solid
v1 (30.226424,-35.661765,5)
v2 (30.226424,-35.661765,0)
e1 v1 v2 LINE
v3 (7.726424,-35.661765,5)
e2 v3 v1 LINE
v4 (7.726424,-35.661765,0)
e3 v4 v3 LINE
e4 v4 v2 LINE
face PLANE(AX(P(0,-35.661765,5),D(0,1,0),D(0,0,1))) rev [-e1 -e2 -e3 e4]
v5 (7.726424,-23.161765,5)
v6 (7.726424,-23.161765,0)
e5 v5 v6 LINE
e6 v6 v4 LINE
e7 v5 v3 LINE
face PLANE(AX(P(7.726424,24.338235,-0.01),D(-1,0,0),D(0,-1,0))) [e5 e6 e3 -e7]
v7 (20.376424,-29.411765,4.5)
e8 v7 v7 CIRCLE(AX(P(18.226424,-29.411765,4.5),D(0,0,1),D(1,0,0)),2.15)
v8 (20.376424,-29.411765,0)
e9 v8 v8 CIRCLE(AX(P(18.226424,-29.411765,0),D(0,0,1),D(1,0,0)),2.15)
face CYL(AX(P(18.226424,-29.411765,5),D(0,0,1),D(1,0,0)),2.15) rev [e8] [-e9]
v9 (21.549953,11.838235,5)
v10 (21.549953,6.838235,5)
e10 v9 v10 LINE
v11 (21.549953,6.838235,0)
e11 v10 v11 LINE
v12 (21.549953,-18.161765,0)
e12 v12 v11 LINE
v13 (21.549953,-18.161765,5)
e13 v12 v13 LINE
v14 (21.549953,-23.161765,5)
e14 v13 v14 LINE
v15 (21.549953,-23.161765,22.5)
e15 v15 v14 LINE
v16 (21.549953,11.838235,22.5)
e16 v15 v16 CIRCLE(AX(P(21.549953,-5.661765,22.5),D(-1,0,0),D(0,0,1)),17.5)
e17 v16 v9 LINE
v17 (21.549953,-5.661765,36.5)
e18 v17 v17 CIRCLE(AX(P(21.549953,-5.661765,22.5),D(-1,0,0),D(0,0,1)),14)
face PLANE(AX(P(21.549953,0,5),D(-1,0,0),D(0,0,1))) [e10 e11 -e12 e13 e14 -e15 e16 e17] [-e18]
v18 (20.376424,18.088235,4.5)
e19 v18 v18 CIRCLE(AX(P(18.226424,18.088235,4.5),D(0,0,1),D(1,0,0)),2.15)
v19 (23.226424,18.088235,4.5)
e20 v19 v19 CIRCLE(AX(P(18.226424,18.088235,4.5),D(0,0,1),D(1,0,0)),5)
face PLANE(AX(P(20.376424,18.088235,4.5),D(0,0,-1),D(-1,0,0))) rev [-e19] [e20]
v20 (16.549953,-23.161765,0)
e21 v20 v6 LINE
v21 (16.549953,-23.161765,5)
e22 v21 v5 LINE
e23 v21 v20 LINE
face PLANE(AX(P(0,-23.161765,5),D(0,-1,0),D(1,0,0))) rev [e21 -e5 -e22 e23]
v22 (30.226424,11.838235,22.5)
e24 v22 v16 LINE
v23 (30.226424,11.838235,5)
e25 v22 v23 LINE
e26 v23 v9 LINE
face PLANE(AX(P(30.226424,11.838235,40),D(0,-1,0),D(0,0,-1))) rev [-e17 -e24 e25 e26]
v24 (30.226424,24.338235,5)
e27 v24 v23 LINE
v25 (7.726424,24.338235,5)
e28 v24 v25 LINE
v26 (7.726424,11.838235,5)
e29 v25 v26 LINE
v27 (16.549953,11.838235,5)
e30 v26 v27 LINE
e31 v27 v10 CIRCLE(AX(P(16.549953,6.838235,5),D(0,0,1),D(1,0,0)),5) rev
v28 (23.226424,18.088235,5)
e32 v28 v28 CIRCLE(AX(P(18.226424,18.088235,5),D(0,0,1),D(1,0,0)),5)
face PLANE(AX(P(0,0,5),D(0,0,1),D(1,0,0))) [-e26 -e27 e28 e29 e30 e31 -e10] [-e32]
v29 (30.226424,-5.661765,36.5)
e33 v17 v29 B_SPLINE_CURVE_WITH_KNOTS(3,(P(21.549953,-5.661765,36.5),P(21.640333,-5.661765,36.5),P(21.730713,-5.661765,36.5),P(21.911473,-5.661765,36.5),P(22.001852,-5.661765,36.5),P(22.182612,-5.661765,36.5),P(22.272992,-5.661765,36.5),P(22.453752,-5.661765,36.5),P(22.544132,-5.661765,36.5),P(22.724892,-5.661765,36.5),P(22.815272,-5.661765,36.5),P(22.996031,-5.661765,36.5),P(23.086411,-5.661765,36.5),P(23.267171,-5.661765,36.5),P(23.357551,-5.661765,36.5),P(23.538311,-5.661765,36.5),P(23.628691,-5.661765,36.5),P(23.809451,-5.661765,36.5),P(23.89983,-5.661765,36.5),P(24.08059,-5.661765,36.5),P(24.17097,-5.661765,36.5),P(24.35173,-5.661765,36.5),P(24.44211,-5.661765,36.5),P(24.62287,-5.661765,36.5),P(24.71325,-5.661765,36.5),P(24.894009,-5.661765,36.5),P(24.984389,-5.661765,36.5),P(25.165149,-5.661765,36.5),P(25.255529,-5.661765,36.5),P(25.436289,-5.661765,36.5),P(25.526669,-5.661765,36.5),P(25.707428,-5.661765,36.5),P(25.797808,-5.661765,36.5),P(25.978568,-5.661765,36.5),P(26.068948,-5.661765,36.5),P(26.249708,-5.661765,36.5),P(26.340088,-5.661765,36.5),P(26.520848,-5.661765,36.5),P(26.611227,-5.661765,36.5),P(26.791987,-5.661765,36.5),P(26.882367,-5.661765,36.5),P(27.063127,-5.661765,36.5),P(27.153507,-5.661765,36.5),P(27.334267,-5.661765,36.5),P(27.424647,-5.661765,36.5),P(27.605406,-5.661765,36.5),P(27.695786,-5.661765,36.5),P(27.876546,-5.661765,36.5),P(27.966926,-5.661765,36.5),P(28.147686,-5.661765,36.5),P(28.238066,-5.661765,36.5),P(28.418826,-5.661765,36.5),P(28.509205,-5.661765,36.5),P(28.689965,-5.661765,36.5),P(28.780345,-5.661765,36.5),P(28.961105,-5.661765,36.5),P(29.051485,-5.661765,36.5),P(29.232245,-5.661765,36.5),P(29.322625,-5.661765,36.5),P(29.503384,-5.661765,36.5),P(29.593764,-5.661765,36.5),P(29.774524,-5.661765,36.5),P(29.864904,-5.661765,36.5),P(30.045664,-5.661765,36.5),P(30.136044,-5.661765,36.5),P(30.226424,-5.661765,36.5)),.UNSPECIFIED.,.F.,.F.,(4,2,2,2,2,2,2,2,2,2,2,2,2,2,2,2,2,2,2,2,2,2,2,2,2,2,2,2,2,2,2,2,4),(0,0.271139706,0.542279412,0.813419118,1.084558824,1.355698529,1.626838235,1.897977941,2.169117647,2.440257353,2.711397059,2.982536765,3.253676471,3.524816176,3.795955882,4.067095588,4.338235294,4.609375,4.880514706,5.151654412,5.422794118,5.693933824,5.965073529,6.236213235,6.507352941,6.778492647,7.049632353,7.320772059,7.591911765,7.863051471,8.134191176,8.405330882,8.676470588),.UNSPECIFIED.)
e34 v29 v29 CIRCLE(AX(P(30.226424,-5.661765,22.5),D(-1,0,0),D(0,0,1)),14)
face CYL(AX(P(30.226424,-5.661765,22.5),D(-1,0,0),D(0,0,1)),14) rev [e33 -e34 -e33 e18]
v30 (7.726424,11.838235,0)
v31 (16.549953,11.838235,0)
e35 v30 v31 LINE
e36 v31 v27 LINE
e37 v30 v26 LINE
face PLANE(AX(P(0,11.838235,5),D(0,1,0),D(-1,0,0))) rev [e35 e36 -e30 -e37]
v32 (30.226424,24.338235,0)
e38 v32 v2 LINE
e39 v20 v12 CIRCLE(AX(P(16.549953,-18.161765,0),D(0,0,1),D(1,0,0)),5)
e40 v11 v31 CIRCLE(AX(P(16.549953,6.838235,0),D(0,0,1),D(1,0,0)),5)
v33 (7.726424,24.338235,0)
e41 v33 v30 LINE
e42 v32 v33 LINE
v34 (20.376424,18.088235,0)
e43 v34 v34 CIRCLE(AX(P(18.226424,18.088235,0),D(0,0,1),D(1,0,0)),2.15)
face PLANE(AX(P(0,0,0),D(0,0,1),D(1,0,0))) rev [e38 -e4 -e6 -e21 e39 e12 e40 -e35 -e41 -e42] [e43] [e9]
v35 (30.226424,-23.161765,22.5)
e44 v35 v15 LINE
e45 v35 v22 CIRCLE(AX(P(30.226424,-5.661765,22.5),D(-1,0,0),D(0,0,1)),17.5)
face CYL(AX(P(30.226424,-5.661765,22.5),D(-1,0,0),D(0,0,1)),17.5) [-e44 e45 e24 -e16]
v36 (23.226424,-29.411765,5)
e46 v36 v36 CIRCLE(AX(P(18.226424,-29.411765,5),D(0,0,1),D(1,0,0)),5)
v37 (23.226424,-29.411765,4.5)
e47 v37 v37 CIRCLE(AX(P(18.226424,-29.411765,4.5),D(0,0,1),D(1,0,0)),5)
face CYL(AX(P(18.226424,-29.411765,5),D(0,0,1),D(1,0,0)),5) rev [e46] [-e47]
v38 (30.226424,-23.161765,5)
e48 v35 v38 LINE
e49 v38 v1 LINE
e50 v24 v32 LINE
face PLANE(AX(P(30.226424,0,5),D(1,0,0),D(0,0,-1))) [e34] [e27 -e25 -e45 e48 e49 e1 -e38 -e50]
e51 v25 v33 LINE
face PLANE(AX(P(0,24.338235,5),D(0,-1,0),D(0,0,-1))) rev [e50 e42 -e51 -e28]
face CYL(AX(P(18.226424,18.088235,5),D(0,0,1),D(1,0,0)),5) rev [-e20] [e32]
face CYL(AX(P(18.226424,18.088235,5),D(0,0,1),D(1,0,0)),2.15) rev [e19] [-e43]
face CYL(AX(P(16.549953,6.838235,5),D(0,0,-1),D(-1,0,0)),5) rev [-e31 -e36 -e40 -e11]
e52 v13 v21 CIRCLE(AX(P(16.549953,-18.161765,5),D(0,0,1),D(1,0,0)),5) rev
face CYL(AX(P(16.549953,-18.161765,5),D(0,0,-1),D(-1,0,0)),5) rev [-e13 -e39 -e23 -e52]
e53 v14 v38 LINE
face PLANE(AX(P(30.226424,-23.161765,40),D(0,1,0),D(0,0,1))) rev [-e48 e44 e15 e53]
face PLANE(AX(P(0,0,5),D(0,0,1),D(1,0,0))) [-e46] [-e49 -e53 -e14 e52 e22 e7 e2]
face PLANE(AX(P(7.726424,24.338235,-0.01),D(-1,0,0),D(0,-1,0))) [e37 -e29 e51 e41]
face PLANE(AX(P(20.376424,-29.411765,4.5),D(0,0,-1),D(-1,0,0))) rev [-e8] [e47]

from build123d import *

# Parameters (mm, degrees)
EXTRUDE_2_DEPTH                = 5
SKETCH_4_W                     = 8.676470589
SKETCH_4_H                     = 35
SKETCH_4_W_2                   = 8.676470588
EXTRUDE_15_DEPTH               = 35
CUT_EXTRUDE_1_DEPTH            = 45
SKETCH_6_R                     = 14
CUT_EXTRUDE_2_DEPTH            = 45
FILLET_1_R                     = 5
SKETCH_7_R                     = 15
SKETCH_7_R_2                   = 13
EXTRUDE_16_DEPTH               = 1
SPLIT_BODIES_1_SURFACE_1_BACK  = 86
SPLIT_BODIES_1_SURFACE_1_DEPTH = 172
SPLIT_BODIES_1_SURFACE_2_BACK  = 86
SPLIT_BODIES_1_SURFACE_2_DEPTH = 172
HOLE_WIZARD_1_D                = 4.3
HOLE_WIZARD_1_DEPTH            = 5
HOLE_WIZARD_1_CBORE_D          = 10
HOLE_WIZARD_1_CBORE_DEPTH      = 0.5
HOLE_WIZARD_1_TIP              = 1.291850331


with BuildPart() as part:
    # 草图2 → 凸台-拉伸2 (new body)
    with BuildSketch(Plane.XY):
        Polygon((7.726423565, 24.338235294), (-14.773576435, 24.338235294), (-14.773576435, -35.661764706), (7.726423565, -35.661764706), (7.726423565, -23.161764706), (-6.097105846, -23.161764706), (-6.097105846, 11.838235294), (7.726423565, 11.838235294), align=None)
        Polygon((30.226423565, 24.338235294), (7.726423565, 24.338235294), (7.726423565, 11.838235294), (21.549952977, 11.838235294), (21.549952977, -23.161764706), (7.726423565, -23.161764706), (7.726423565, -35.661764706), (30.226423565, -35.661764706), align=None)
    extrude(amount=EXTRUDE_2_DEPTH)

    # 草图4 → 凸台-拉伸15 (add)
    with BuildSketch(Plane.XY.offset(5)):
        with Locations((-10.435341141, -5.661764706)):
            Rectangle(SKETCH_4_W, SKETCH_4_H)
        with Locations((25.888188271, -5.661764706)):
            Rectangle(SKETCH_4_W_2, SKETCH_4_H)
    extrude(amount=EXTRUDE_15_DEPTH)

    # 草图5 → 切除-拉伸1 (cut)
    with BuildSketch(Plane.ZY.offset(14.773576435)):
        with BuildLine():
            Line((40, -23.161764706), (40, -5.661764706))
            ThreePointArc((40, -5.661764706), (34.874368671, -18.036133377), (22.5, -23.161764706))
            Line((22.5, -23.161764706), (40, -23.161764706))
        make_face()
        with BuildLine():
            ThreePointArc((22.5, 11.838235294), (34.874368671, 6.712603965), (40, -5.661764706))
            Line((40, -5.661764706), (40, 11.838235294))
            Line((40, 11.838235294), (22.5, 11.838235294))
        make_face()
    extrude(amount=-CUT_EXTRUDE_1_DEPTH, mode=Mode.SUBTRACT)

    # 草图6 → 切除-拉伸2 (cut)
    with BuildSketch(Plane.ZY.offset(14.773576435)):
        with Locations((22.5, -5.661764706)):
            Circle(SKETCH_6_R)
    extrude(amount=-CUT_EXTRUDE_2_DEPTH, mode=Mode.SUBTRACT)

    # 圆角1
    fillet_1_edges = [part.edges().sort_by_distance(p)[0] for p in [
        (-6.097105846, 11.838235294, 2.5),
        (-6.097105846, -23.161764706, 2.5),
        (21.549952977, -23.161764706, 2.5),
        (21.549952977, 11.838235294, 2.5),
    ]]
    fillet(fillet_1_edges, radius=FILLET_1_R)

    # 草图7 → 凸台-拉伸16 (add)
    with BuildSketch(Plane(origin=(-6.097105846, 0, 0), x_dir=(0, 0, -1), z_dir=(1, 0, 0))):
        with Locations((-22.5, -5.661764706)):
            Circle(SKETCH_7_R)
        with Locations((-22.5, -5.661764706)):
            Circle(SKETCH_7_R_2, mode=Mode.SUBTRACT)
    extrude(amount=-EXTRUDE_16_DEPTH)


with BuildPart() as body_2:
    # Split Bodies 1: the piece behind the surface
    add(part.part)
    # Split Bodies 1 surface: a surface, the sketch's curves swept straight by 172 mm
    with BuildLine(Plane.XY.offset(5).offset(-SPLIT_BODIES_1_SURFACE_1_BACK), mode=Mode.PRIVATE) as split_bodies_1_surface_1_path:
        Line((7.726423565, 24.338235294), (7.726423565, -35.661764706))
    split_bodies_1_surface_1 = Shell.extrude(split_bodies_1_surface_1_path.wire(), (0 * SPLIT_BODIES_1_SURFACE_1_DEPTH, 0 * SPLIT_BODIES_1_SURFACE_1_DEPTH, 1 * SPLIT_BODIES_1_SURFACE_1_DEPTH))
    split(bisect_by=split_bodies_1_surface_1, keep=Keep.BOTTOM)


with BuildPart() as part_1:
    add(part.part)

    # Split Bodies 1: split by a surface, the side it looks to stays
    # Split Bodies 1 surface: a surface, the sketch's curves swept straight by 172 mm
    with BuildLine(Plane.XY.offset(5).offset(-SPLIT_BODIES_1_SURFACE_2_BACK), mode=Mode.PRIVATE) as split_bodies_1_surface_2_path:
        Line((7.726423565, 24.338235294), (7.726423565, -35.661764706))
    split_bodies_1_surface_2 = Shell.extrude(split_bodies_1_surface_2_path.wire(), (0 * SPLIT_BODIES_1_SURFACE_2_DEPTH, 0 * SPLIT_BODIES_1_SURFACE_2_DEPTH, 1 * SPLIT_BODIES_1_SURFACE_2_DEPTH))
    split(bisect_by=split_bodies_1_surface_2, keep=Keep.TOP)

    # 打孔尺寸(%根据六角头螺)栓 全螺纹的类型1
    with Locations(Plane(origin=(18.226423565, 18.088235294, 5), x_dir=(1, 0, 0), z_dir=(0, 0, 1))):
        with Locations((0, 0), (0, -47.5)):
            CounterBoreHole(HOLE_WIZARD_1_D / 2, HOLE_WIZARD_1_CBORE_D / 2, HOLE_WIZARD_1_CBORE_DEPTH, depth=HOLE_WIZARD_1_DEPTH)
            with Locations((0, 0, -(HOLE_WIZARD_1_DEPTH + HOLE_WIZARD_1_TIP / 2))):  # 118° drill point
                Cone(0, HOLE_WIZARD_1_D / 2, HOLE_WIZARD_1_TIP, mode=Mode.SUBTRACT)


solid = part_1.part
